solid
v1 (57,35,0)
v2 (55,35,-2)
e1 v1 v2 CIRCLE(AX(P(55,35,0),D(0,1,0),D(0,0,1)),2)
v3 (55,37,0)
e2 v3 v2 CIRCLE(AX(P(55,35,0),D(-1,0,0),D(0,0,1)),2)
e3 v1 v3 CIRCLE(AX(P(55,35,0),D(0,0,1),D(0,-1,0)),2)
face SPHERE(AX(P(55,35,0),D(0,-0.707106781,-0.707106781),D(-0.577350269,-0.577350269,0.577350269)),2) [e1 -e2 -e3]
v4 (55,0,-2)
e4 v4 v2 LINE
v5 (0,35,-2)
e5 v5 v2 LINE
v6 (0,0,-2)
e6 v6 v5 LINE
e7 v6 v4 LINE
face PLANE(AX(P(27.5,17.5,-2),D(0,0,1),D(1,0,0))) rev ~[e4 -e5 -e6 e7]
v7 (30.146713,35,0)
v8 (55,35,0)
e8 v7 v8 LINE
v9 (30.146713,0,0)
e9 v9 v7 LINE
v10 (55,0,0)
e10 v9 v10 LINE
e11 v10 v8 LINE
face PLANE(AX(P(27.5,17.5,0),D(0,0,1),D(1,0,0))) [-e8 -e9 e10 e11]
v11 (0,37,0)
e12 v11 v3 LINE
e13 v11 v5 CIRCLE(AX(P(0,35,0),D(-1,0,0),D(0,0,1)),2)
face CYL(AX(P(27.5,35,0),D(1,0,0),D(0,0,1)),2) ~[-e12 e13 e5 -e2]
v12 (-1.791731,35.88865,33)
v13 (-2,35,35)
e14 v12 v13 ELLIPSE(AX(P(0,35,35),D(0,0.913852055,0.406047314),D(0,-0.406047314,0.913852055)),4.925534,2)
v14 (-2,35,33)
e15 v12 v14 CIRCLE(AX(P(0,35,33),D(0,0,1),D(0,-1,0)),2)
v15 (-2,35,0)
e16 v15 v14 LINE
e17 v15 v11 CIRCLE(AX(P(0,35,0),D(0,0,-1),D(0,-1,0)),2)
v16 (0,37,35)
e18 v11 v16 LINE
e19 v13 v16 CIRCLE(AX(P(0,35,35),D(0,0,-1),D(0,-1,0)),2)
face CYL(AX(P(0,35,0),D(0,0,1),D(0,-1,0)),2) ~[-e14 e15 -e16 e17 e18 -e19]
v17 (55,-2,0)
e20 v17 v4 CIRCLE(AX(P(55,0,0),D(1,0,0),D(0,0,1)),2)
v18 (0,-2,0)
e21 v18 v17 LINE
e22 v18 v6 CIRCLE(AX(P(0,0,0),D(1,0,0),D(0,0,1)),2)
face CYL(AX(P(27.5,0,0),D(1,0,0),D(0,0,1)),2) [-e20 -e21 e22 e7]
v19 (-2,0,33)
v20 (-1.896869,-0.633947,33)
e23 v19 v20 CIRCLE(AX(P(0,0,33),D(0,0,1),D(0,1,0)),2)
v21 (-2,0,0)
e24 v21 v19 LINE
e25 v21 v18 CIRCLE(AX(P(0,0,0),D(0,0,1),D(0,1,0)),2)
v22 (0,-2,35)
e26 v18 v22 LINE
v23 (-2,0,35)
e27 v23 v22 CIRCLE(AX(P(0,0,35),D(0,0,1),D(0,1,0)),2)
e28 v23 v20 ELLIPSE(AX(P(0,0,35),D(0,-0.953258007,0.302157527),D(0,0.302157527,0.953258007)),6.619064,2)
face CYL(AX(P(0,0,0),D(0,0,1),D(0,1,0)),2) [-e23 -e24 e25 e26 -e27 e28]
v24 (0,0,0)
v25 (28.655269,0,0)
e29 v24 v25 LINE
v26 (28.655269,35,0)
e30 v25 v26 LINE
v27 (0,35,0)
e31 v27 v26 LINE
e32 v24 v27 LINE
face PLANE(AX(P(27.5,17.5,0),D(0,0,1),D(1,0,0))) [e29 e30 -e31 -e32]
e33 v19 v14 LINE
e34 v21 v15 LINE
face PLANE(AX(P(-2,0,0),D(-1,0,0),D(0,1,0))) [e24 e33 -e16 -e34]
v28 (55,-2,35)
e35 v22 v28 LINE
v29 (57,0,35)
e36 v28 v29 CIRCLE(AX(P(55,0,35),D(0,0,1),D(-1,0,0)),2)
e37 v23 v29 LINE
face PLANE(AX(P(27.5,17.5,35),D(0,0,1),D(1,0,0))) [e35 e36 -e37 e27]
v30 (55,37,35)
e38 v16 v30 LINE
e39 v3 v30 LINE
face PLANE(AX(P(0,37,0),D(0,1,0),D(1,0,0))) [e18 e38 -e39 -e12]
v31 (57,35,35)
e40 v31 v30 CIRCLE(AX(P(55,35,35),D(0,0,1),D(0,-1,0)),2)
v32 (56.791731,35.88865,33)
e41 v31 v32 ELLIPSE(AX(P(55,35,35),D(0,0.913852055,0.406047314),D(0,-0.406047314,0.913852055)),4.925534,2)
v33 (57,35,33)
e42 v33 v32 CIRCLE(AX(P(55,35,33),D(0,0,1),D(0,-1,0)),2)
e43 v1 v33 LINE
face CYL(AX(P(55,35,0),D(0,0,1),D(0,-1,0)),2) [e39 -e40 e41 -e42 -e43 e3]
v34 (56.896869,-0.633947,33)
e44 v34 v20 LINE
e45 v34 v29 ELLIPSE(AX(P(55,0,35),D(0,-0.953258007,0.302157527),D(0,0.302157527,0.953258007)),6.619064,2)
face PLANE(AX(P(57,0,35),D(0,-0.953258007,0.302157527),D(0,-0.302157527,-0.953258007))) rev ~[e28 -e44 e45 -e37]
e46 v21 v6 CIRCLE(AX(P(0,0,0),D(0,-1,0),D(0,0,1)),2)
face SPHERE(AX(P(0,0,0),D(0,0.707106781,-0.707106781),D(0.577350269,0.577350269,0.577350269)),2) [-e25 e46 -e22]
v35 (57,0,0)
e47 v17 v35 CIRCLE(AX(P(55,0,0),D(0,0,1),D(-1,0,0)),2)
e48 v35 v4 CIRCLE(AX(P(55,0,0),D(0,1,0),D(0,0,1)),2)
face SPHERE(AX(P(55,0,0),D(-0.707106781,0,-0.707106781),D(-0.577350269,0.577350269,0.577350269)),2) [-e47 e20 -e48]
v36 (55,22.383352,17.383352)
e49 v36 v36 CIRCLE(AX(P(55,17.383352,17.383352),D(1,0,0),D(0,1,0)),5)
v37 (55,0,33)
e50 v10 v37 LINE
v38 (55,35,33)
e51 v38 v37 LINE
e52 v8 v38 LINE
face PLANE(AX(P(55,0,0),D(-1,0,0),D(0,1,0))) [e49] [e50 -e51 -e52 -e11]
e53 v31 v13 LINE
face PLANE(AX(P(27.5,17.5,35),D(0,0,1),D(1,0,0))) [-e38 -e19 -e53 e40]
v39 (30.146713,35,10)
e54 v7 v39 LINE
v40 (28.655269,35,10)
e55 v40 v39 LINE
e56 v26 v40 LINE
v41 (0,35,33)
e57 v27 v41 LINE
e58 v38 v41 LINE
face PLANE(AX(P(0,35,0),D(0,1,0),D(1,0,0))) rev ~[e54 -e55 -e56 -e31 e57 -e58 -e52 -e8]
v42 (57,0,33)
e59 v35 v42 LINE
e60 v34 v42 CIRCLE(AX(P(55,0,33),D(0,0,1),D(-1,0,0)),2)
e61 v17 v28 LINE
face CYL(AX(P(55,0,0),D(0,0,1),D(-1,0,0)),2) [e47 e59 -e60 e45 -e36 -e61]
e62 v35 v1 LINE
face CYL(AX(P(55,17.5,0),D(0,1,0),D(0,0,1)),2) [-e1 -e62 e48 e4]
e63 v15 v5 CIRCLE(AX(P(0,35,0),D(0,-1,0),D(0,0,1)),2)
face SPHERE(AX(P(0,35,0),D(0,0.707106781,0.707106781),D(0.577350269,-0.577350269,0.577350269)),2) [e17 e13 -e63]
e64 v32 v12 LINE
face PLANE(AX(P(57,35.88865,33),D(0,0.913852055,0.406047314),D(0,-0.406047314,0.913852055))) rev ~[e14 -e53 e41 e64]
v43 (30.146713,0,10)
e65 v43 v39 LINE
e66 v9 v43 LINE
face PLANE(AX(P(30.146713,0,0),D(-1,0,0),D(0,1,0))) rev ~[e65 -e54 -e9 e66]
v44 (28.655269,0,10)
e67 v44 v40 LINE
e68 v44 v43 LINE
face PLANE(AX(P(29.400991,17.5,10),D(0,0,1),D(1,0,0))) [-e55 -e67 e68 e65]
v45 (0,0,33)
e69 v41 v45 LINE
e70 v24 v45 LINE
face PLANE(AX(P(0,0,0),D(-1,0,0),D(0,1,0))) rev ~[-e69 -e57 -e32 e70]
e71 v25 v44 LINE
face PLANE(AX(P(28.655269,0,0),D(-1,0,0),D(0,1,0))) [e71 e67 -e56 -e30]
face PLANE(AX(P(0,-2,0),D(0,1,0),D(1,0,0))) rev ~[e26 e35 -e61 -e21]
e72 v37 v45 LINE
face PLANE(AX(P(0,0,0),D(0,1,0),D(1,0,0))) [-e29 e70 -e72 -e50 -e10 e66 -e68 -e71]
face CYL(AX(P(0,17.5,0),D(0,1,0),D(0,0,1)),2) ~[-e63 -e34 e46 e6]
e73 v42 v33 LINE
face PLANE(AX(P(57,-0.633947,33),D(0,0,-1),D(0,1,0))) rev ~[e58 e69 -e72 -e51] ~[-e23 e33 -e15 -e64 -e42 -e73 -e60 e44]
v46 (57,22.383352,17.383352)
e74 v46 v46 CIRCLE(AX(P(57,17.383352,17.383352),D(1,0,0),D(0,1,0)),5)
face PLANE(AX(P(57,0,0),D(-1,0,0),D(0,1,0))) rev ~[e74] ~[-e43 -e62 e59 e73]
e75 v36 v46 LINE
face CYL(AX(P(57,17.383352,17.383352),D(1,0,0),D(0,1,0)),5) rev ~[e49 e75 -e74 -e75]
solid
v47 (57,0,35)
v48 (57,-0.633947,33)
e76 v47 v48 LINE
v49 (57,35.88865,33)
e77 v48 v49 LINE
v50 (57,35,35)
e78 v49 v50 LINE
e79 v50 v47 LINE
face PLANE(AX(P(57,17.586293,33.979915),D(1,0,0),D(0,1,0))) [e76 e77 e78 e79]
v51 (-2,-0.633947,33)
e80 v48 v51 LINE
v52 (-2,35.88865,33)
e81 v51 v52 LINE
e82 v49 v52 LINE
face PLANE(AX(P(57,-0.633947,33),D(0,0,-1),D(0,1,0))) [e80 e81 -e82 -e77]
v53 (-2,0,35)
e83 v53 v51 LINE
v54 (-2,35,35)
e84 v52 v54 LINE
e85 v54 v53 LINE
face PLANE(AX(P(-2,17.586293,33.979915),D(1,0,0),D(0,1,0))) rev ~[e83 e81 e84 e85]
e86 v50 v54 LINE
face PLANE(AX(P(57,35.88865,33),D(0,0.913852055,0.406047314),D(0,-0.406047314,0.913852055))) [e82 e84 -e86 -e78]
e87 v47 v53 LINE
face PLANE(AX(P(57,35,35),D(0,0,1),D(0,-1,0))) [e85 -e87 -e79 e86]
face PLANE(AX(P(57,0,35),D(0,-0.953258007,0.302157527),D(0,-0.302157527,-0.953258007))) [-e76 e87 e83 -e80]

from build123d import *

# Parameters (mm, degrees)
EXTRUDE002_DEPTH = 59
SKETCH001_R      = 5
EXTRUDE001_DEPTH = 2.25
SKETCH_W         = 1.491444
SKETCH_H         = 35
EXTRUDE_DEPTH    = 10
BOX_W            = 55
BOX_H            = 35
BOX_DEPTH        = 35
THICKNESS_T      = 2


with BuildPart() as extrude002:
    # Sketch002 (on Face18 of Cut) → Extrude002 (new body)
    with BuildSketch(Plane.YZ.offset(57)):
        Polygon((-0.633947, 33), (35.88865, 33), (35, 35), (0, 35), align=None)
    extrude(amount=-EXTRUDE002_DEPTH)


with BuildPart() as extrude001:
    # Sketch001 (on Face17 of Fusion) → Extrude001 (new body, symmetric)
    with BuildSketch(Plane.YZ.offset(57)):
        with Locations((17.383352, 17.383352)):
            Circle(SKETCH001_R)
    extrude(amount=EXTRUDE001_DEPTH, both=True)


with BuildPart() as extrude_body:
    # Sketch (on Face5 of Thickness) → Extrude (new body)
    with BuildSketch(Plane.XY):
        with Locations((29.400991, 17.5)):
            Rectangle(SKETCH_W, SKETCH_H)
    extrude(amount=EXTRUDE_DEPTH)


with BuildPart() as cut001:
    # Box → Box (new body)
    with BuildSketch(Plane.XY):
        with Locations((27.5, 17.5)):
            Rectangle(BOX_W, BOX_H)
    extrude(amount=BOX_DEPTH)

    # Thickness
    thickness_openings = [cut001.faces().sort_by_distance(p)[0] for p in [
        (27.5, 17.5, 35),
    ]]
    offset(amount=THICKNESS_T, openings=thickness_openings)

    # Fusion: union Extrude body
    add(extrude_body.part)

    # Cut: cut Extrude001
    add(extrude001.part, mode=Mode.SUBTRACT)

    # Cut001: cut Extrude002
    add(extrude002.part, mode=Mode.SUBTRACT)


with BuildPart() as cover:
    # Clone base: copy of Extrude002
    add(extrude002.part)


solid = Compound([cut001.part, cover.part])
